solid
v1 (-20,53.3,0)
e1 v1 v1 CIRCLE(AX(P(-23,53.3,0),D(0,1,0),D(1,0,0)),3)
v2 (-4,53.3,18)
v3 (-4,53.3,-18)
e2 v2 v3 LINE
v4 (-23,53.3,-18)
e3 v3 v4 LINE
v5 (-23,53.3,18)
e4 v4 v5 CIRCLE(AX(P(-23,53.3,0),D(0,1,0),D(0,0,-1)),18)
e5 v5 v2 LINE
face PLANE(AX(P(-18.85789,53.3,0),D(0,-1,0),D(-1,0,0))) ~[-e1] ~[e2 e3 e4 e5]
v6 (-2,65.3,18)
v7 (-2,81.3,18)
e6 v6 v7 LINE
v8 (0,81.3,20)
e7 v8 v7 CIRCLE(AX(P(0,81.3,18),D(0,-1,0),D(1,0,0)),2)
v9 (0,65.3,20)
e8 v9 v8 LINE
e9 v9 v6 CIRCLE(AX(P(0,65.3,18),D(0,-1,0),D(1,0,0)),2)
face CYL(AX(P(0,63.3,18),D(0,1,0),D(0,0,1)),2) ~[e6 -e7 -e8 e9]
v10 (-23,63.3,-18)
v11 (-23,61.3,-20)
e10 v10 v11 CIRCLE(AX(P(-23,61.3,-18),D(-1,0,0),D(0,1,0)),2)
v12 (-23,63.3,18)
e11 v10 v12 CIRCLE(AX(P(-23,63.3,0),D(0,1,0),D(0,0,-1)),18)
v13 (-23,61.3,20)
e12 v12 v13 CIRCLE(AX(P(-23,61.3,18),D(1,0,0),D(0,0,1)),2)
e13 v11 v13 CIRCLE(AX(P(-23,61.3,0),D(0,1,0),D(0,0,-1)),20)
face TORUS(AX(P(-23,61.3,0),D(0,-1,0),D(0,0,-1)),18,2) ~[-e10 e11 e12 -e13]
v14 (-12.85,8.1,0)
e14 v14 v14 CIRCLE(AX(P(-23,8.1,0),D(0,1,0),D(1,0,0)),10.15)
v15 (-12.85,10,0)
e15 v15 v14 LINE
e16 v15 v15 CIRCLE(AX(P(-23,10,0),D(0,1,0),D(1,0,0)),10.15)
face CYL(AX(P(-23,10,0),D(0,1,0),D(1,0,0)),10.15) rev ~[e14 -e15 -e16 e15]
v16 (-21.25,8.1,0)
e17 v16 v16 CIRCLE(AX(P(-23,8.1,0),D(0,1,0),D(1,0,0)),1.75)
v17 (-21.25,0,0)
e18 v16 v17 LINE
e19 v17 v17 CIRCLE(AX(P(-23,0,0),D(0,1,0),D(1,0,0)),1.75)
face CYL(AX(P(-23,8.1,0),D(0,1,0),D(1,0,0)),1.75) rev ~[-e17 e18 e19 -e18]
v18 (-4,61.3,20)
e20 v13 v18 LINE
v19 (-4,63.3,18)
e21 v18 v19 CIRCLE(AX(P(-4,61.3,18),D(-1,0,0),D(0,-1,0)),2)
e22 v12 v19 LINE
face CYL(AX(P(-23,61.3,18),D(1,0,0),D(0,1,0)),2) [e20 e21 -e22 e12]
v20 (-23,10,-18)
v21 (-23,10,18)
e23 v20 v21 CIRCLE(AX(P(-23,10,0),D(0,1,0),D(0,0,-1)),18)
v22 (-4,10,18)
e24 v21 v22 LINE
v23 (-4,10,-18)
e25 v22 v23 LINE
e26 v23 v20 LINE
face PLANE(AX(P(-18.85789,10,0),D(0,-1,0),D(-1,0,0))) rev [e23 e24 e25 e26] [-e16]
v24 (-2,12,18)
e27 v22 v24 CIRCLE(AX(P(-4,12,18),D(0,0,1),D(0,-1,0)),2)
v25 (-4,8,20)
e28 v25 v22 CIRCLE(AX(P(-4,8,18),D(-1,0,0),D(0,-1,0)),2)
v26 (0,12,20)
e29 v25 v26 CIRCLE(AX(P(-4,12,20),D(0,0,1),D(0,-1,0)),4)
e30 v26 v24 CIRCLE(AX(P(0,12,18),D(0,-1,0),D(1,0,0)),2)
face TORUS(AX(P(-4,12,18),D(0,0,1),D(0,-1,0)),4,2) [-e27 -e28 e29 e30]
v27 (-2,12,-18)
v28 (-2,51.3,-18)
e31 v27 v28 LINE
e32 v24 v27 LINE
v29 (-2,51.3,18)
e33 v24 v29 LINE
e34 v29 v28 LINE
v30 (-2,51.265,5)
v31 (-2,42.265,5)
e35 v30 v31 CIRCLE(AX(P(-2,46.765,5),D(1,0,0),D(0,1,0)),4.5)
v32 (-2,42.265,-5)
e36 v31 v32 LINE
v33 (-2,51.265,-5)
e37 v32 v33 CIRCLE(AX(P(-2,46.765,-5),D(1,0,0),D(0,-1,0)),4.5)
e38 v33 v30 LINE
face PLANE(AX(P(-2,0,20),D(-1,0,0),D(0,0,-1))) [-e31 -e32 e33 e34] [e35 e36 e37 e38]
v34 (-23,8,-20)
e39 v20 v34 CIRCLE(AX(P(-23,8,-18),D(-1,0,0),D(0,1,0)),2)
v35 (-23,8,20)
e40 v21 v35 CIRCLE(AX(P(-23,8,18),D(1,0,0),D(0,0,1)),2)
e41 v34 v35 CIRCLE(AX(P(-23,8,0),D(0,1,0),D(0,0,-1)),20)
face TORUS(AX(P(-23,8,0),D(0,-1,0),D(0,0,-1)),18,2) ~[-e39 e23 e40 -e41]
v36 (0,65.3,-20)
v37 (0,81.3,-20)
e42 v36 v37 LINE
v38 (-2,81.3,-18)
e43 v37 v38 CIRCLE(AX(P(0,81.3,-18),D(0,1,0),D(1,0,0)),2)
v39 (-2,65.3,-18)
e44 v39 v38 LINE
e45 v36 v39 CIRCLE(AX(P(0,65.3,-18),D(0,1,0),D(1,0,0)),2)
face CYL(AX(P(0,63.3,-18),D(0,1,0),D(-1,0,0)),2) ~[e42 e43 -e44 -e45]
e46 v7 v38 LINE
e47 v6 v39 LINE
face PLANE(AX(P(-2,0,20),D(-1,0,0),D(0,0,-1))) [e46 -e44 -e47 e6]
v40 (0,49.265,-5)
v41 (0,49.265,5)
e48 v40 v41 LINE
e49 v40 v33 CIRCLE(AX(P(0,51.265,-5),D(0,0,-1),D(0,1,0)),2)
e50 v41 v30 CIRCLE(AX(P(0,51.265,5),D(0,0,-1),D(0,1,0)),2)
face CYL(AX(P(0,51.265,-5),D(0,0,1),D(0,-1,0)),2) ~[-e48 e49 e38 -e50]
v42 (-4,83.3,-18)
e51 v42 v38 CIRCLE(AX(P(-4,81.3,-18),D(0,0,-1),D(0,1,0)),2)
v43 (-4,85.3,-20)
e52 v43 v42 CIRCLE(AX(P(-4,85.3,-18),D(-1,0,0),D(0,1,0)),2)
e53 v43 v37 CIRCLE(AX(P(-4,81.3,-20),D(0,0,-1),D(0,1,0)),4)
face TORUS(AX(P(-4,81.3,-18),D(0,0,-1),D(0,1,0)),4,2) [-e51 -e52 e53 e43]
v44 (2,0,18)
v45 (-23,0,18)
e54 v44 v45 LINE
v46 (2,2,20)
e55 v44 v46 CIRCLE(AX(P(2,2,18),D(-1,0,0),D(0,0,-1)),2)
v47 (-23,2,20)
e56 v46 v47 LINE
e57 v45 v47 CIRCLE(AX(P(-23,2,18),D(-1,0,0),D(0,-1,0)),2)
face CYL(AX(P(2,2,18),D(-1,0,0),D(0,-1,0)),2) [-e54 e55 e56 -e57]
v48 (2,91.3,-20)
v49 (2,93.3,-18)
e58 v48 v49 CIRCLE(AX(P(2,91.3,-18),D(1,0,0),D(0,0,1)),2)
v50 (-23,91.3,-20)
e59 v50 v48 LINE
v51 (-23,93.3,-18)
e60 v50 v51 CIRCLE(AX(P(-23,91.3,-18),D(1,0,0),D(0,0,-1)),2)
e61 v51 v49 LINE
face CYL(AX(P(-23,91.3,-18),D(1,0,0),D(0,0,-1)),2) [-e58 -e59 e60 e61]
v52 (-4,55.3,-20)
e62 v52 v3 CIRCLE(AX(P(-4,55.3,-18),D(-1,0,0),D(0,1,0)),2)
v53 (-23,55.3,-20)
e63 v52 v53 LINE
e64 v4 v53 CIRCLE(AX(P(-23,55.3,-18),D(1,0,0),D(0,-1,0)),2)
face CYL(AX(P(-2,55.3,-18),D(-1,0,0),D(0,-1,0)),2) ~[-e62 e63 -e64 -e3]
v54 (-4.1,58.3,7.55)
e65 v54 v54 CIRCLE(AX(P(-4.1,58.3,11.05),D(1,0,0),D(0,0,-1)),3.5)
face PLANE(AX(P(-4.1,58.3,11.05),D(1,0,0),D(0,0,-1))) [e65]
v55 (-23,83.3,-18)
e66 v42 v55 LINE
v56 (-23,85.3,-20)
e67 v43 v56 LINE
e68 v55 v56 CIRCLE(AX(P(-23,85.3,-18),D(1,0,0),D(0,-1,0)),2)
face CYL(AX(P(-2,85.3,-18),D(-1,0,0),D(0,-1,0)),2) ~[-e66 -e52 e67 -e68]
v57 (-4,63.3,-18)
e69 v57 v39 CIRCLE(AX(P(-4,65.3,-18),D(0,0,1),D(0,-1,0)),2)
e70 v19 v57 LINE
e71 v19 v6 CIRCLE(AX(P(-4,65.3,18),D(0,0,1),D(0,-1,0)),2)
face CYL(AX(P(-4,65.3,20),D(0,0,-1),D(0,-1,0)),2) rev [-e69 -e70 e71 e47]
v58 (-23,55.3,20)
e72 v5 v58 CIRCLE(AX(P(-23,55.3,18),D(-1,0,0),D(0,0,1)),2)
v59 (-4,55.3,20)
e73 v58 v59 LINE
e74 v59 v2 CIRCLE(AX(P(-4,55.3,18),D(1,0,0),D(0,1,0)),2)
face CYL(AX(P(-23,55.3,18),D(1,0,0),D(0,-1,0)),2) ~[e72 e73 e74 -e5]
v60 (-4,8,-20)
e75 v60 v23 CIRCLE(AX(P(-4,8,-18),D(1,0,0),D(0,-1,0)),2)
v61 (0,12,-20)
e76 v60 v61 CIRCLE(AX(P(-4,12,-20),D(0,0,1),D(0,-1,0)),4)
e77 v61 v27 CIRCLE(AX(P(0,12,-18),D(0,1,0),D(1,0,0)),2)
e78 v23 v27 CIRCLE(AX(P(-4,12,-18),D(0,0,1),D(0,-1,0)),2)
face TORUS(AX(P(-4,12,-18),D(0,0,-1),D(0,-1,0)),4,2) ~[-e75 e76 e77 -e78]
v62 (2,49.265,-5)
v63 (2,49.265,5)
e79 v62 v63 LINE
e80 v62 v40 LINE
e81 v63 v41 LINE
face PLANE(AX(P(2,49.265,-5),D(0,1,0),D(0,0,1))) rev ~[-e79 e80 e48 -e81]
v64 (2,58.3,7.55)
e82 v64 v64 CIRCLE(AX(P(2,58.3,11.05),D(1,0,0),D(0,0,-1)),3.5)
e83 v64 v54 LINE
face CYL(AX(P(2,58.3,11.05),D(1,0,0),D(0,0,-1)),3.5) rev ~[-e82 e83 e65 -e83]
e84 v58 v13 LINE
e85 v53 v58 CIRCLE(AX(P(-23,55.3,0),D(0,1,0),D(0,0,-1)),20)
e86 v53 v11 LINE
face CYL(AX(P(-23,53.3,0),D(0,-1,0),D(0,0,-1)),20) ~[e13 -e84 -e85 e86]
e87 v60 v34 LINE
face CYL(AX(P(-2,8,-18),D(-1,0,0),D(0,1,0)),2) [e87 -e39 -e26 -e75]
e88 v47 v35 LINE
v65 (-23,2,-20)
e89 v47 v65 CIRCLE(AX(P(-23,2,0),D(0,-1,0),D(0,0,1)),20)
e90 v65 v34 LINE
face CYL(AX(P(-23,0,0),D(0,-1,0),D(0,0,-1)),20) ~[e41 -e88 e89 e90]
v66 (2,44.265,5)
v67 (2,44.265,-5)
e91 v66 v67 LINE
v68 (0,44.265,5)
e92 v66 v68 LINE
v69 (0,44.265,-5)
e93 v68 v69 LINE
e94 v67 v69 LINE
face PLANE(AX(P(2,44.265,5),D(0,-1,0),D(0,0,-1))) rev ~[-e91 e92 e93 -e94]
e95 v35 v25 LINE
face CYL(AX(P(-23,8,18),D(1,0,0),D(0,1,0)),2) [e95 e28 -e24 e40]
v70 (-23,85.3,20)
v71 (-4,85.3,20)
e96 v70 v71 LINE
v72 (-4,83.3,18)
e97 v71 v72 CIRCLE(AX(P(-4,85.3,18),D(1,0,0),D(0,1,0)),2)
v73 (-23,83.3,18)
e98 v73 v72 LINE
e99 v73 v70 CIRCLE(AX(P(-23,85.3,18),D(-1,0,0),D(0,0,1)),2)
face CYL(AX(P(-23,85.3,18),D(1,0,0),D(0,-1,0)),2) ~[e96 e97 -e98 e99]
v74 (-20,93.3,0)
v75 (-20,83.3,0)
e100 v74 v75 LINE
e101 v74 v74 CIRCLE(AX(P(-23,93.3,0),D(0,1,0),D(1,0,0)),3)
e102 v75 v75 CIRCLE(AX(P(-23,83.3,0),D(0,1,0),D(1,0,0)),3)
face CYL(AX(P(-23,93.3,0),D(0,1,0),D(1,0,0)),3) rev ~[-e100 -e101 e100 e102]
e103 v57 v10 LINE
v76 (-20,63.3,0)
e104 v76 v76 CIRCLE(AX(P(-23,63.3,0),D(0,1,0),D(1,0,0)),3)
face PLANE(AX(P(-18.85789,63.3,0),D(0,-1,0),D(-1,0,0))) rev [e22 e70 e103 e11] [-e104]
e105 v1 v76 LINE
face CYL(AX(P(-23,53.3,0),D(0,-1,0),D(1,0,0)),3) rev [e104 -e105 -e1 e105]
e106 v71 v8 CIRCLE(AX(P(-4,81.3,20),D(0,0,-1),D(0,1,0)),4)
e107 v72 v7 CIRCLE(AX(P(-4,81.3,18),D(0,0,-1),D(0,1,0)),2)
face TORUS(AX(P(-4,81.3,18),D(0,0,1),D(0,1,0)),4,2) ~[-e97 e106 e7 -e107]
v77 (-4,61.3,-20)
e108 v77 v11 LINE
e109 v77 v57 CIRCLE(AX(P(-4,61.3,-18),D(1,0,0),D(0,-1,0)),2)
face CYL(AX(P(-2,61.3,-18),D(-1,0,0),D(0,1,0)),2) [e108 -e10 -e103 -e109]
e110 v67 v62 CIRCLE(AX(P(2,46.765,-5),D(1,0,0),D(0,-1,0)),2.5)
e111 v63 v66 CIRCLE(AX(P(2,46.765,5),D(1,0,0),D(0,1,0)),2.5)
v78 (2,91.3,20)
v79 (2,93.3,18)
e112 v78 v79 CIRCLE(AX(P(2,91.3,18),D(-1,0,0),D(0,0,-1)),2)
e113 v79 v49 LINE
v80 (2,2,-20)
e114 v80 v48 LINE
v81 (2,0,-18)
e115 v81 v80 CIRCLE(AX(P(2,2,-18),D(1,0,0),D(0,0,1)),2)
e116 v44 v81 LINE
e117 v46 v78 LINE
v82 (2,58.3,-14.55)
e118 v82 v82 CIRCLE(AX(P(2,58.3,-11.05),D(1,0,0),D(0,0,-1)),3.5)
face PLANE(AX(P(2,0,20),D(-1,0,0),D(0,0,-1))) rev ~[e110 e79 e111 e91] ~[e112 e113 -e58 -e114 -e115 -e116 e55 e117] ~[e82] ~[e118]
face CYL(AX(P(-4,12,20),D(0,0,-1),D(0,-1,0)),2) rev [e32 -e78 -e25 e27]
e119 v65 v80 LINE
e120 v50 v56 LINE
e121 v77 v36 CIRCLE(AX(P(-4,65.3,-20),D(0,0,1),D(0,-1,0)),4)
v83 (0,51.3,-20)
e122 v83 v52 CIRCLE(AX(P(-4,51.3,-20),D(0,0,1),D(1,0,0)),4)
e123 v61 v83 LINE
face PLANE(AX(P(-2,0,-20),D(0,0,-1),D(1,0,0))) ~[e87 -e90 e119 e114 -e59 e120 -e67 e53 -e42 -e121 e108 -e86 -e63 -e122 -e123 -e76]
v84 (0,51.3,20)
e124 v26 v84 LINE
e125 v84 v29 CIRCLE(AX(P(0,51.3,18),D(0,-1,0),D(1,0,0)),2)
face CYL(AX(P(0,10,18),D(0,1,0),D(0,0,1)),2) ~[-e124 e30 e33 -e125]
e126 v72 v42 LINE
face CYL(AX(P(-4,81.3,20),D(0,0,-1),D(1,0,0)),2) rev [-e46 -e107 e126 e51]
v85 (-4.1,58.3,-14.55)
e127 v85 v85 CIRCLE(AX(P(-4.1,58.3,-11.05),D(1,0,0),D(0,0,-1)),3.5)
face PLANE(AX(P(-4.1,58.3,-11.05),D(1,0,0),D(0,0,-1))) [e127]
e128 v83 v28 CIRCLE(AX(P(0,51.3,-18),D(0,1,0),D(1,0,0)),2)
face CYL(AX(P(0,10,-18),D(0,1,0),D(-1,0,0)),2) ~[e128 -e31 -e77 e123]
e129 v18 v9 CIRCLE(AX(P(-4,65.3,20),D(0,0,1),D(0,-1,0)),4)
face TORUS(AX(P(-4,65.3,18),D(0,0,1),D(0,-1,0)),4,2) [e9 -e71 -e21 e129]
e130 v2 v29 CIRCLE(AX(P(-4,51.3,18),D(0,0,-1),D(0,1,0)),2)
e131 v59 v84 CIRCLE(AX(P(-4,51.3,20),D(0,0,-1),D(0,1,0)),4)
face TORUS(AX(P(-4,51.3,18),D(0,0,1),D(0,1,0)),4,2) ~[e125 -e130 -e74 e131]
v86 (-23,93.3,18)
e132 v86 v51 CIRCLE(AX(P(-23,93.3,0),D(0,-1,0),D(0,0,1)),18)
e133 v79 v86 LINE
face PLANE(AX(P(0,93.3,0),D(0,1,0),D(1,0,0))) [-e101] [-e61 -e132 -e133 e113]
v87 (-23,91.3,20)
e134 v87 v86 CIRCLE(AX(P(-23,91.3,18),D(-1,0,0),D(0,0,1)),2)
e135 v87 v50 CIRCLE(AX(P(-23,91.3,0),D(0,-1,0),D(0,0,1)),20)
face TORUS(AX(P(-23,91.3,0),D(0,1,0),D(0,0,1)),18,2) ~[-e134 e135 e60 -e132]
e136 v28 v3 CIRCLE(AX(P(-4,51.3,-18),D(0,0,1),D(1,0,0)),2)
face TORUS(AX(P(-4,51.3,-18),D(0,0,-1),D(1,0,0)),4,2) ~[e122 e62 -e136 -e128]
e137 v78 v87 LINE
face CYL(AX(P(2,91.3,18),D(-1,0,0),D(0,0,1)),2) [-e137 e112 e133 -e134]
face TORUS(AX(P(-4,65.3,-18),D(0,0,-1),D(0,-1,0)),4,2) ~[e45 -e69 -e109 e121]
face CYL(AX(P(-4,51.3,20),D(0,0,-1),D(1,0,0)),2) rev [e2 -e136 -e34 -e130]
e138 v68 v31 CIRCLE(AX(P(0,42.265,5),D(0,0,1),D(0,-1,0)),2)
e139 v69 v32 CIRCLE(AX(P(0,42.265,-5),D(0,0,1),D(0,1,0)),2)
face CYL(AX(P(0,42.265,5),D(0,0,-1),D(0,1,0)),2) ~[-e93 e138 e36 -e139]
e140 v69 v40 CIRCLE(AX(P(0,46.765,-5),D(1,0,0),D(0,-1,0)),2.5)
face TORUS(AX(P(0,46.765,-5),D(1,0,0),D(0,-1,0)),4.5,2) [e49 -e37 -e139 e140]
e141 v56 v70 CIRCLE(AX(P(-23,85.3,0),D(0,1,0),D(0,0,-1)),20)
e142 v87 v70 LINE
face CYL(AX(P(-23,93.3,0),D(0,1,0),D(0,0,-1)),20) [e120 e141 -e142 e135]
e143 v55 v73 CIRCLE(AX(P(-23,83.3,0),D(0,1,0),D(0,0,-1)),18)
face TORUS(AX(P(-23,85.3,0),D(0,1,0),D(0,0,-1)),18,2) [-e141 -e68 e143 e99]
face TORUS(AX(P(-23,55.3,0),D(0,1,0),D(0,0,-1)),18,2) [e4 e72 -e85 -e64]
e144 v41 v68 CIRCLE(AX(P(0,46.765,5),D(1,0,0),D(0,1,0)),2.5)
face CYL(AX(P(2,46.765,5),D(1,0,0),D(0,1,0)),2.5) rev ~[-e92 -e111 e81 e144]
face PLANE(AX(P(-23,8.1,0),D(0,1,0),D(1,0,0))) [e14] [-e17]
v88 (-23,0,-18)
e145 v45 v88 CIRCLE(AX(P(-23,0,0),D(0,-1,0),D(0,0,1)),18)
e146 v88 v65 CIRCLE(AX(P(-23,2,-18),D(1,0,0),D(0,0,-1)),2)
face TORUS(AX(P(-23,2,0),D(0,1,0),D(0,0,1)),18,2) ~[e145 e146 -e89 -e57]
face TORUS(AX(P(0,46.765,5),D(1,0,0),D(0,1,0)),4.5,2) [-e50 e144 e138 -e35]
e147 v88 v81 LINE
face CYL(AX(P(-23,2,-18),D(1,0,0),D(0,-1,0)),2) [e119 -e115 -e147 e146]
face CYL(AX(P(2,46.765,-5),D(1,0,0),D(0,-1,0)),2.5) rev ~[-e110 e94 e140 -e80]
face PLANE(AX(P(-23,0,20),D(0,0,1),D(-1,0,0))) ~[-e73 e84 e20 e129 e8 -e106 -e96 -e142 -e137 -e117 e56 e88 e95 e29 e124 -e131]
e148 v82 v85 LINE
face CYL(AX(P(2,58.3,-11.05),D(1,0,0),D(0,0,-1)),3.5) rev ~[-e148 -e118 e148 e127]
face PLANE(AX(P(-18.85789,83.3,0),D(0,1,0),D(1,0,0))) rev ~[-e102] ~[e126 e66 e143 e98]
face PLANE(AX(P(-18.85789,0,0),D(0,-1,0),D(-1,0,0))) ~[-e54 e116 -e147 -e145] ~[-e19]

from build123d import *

# Parameters (mm, degrees)
SKETCH2_W           = 4
SKETCH2_H           = 40
BOSS_EXTRUDE1_DEPTH = 93.3
BOSS_EXTRUDE2_DEPTH = 10
SKETCH4_R           = 3
CUT_EXTRUDE4_DEPTH  = 10
SKETCH3_R           = 10.15
CUT_EXTRUDE3_DEPTH  = 1.9
SKETCH6_R           = 1.75
CUT_EXTRUDE6_DEPTH  = 9.1
FILLET2_R           = 2
SKETCH7_R           = 3.5
CUT_EXTRUDE7_DEPTH  = 6.1
CUT_EXTRUDE8_DEPTH  = 46
FILLET3_R           = 2


with BuildPart() as part:
    # Sketch2 → Boss-Extrude1 (new body)
    with BuildSketch(Plane(origin=(0, 0, 0), x_dir=(1, 0, 0), z_dir=(0, 1, 0))):
        Rectangle(SKETCH2_W, SKETCH2_H)
    extrude(amount=BOSS_EXTRUDE1_DEPTH)


with BuildPart() as body_2:
    # Sketch1 → Boss-Extrude2 (new body)
    with BuildSketch(Plane(origin=(0, 93.3, 0), x_dir=(1, 0, 0), z_dir=(0, 1, 0))):
        with BuildLine():
            Line((-23, -20), (-2, -20))
            Line((-2, -20), (-2, 20))
            Line((-2, 20), (-23, 20))
            ThreePointArc((-23, 20), (-43, 0), (-23, -20))
        make_face()
    boss_extrude2 = extrude(amount=-BOSS_EXTRUDE2_DEPTH)

    # Sketch4 → Cut-Extrude4 (cut)
    with BuildSketch(Plane(origin=(0, 93.3, 0), x_dir=(1, 0, 0), z_dir=(0, 1, 0))):
        with Locations((-23, 0)):
            Circle(SKETCH4_R)
    cut_extrude4 = extrude(amount=-CUT_EXTRUDE4_DEPTH, mode=Mode.SUBTRACT)


with BuildPart() as part_1:
    add(part.part)

    # Mirror8: Boss-Extrude2 across plane
    add(boss_extrude2.mirror(Plane.ZX.offset(46.65)))

    # Mirror10: Boss-Extrude2, Cut-Extrude4 across plane
    add(boss_extrude2.mirror(Plane.ZX.offset(73.3)))
    add(cut_extrude4.mirror(Plane.ZX.offset(73.3)), mode=Mode.SUBTRACT)


with BuildPart() as body_2_1:
    add(body_2.part)

    # Combine2: union part
    add(part_1.part)

    # Sketch3 → Cut-Extrude3 (cut)
    with BuildSketch(Plane(origin=(0, 10, 0), x_dir=(1, 0, 0), z_dir=(0, 1, 0))):
        with Locations((-23, 0)):
            Circle(SKETCH3_R)
    extrude(amount=-CUT_EXTRUDE3_DEPTH, mode=Mode.SUBTRACT)

    # Sketch6 → Cut-Extrude6 (cut, through all)
    with BuildSketch(Plane(origin=(0, 8.1, 0), x_dir=(1, 0, 0), z_dir=(0, 1, 0))):
        with Locations((-23, 0)):
            Circle(SKETCH6_R)
    extrude(amount=-CUT_EXTRUDE6_DEPTH, mode=Mode.SUBTRACT)

    # Fillet2
    fillet2_edges = [body_2_1.edges().sort_by_distance(p)[0] for p in [
        (-43, 83.3, 0),
        (-12.5, 83.3, 20),
        (-2, 73.3, -20),
        (-2, 53.3, 0),
        (-2, 31.65, -20),
        (-10.5, 0, -20),
        (-12.5, 53.3, -20),
        (-10.5, 0, 20),
        (-2, 73.3, 20),
        (-12.5, 53.3, 20),
        (-2, 31.65, 20),
        (-43, 0, 0),
        (-2, 10, 0),
        (-12.5, 10, -20),
        (-43, 10, 0),
        (-12.5, 10, 20),
        (-43, 53.3, 0),
        (-2, 63.3, 0),
        (-12.5, 63.3, -20),
        (-43, 63.3, 0),
        (-12.5, 63.3, 20),
        (-2, 83.3, 0),
        (-10.5, 93.3, 20),
        (-43, 93.3, 0),
        (-10.5, 93.3, -20),
        (-12.5, 83.3, -20),
    ]]
    fillet(fillet2_edges, radius=FILLET2_R)

    # Sketch7 → Cut-Extrude7 (cut)
    with BuildSketch(Plane(origin=(2, 0, 0), x_dir=(0, 0, -1), z_dir=(1, 0, 0))):
        with Locations((-11.05, 58.3)):
            Circle(SKETCH7_R)
        with Locations((11.05, 58.3)):
            Circle(SKETCH7_R)
    extrude(amount=-CUT_EXTRUDE7_DEPTH, mode=Mode.SUBTRACT)

    # Sketch8 → Cut-Extrude8 (cut, through all)
    with BuildSketch(Plane(origin=(2, 0, 0), x_dir=(0, 0, -1), z_dir=(1, 0, 0))):
        with BuildLine():
            Line((-5, 44.265), (5, 44.265))
            ThreePointArc((5, 44.265), (7.5, 46.765), (5, 49.265))
            Line((5, 49.265), (-5, 49.265))
            ThreePointArc((-5, 49.265), (-7.5, 46.765), (-5, 44.265))
        make_face()
    extrude(amount=-CUT_EXTRUDE8_DEPTH, mode=Mode.SUBTRACT)

    # Fillet3
    fillet3_edges = [body_2_1.edges().sort_by_distance(p)[0] for p in [
        (-2, 46.765, 7.5),
        (-2, 49.265, 0),
        (-2, 46.765, -7.5),
        (-2, 44.265, 0),
    ]]
    fillet(fillet3_edges, radius=FILLET3_R)


solid = body_2_1.part
